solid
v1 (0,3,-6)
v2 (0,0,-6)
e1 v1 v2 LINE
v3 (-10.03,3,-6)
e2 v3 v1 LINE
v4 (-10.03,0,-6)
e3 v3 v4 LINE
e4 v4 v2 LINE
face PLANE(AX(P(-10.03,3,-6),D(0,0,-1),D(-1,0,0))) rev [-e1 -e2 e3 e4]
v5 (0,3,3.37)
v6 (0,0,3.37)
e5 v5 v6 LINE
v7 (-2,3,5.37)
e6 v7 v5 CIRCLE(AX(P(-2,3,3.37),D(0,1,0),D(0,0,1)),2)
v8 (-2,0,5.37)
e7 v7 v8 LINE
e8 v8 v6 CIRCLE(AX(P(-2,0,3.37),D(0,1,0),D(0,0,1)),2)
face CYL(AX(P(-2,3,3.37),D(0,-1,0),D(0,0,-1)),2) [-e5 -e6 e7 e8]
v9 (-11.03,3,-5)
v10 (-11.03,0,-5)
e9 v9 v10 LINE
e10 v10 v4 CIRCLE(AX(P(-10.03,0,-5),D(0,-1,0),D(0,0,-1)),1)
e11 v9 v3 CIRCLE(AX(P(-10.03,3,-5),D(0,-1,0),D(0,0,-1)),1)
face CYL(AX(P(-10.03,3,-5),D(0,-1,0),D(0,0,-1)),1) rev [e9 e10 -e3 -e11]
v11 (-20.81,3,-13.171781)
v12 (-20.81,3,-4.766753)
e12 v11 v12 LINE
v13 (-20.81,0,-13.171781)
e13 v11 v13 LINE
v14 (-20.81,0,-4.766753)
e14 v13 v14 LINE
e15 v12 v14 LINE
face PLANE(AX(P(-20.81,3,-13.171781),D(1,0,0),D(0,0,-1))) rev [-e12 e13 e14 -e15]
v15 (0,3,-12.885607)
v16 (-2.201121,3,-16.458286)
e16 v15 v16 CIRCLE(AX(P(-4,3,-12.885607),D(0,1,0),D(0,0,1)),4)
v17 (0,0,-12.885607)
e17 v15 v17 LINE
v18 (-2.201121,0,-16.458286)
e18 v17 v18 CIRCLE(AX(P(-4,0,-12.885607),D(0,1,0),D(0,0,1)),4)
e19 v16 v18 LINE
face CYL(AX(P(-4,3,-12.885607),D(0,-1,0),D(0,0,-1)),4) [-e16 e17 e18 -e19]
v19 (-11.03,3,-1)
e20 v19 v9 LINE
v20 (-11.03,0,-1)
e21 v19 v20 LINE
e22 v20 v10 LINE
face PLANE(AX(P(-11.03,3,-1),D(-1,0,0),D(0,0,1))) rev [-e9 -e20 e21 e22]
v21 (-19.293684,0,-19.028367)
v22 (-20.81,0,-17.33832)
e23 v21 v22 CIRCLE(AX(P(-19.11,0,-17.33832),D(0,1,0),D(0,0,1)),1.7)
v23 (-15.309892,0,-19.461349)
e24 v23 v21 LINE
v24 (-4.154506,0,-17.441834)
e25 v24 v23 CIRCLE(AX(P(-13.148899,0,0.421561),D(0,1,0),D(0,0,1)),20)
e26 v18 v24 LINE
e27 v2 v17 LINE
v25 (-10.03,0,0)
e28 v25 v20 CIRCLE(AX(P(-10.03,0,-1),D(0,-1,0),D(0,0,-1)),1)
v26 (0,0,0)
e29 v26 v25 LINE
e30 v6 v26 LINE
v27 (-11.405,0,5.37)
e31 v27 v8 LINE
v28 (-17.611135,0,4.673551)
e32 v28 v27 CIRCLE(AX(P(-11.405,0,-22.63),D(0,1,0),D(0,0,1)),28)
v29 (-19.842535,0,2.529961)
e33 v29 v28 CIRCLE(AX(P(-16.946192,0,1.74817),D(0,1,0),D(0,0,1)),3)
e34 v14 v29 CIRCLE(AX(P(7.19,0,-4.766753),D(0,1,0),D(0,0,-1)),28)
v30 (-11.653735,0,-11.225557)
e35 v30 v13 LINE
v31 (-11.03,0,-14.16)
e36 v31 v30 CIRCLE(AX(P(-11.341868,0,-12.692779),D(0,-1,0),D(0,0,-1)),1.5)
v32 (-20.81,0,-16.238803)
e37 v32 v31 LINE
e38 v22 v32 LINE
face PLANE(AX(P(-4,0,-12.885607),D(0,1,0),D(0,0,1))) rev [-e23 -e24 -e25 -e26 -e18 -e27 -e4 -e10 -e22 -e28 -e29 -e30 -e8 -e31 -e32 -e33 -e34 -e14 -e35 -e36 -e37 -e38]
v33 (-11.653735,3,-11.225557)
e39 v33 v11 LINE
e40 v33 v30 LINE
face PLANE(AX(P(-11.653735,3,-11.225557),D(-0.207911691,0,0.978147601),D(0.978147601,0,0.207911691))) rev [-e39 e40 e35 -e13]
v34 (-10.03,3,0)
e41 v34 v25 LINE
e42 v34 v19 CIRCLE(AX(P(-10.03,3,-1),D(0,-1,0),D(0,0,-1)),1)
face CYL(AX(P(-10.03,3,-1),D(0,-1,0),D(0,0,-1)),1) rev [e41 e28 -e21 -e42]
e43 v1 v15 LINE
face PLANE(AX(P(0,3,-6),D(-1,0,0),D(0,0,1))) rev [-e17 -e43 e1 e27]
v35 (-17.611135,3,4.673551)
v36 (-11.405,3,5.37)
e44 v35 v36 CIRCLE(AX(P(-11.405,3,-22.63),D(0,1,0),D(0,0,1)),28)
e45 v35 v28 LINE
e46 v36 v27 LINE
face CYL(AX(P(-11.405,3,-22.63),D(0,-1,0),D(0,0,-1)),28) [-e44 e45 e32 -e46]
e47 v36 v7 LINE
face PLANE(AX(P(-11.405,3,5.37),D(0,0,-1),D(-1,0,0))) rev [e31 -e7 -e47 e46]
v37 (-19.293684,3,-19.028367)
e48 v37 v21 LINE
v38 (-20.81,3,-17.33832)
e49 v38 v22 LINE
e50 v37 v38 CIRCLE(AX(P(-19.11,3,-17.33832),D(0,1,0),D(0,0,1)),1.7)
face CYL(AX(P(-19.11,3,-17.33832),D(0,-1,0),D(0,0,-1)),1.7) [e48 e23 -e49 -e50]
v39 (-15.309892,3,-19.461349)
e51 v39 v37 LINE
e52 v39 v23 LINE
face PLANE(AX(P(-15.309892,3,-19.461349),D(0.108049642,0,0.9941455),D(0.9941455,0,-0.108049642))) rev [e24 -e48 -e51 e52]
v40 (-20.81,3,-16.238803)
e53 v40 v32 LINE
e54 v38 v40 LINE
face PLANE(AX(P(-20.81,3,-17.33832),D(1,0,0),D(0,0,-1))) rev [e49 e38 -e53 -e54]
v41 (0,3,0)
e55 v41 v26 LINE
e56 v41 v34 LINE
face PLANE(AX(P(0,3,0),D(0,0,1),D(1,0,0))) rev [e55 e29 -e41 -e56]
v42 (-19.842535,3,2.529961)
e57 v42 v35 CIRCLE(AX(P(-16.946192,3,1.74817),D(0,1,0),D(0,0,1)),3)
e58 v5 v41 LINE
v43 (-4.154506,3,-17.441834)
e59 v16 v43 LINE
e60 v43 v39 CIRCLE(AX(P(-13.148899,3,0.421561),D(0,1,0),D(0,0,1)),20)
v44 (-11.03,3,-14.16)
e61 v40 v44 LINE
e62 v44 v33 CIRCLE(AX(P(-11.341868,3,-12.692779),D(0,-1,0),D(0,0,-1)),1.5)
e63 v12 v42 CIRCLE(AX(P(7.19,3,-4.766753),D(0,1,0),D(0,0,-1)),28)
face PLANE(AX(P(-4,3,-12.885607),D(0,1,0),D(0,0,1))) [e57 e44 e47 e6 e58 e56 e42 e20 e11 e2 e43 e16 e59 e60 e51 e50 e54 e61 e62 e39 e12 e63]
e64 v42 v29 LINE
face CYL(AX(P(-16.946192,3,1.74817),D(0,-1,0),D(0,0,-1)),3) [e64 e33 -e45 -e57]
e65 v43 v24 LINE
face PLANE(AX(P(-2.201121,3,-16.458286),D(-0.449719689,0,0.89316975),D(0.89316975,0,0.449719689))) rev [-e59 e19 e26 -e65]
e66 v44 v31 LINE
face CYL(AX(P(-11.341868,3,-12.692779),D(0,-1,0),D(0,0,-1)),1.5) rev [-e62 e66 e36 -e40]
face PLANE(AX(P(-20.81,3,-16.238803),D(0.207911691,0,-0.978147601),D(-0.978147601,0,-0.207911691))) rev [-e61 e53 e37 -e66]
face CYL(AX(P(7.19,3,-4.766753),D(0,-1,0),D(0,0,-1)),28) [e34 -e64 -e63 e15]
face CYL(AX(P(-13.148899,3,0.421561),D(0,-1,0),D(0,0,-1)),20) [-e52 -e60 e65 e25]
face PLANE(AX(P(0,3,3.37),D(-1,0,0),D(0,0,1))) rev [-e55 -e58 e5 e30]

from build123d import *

# Parameters (mm, degrees)
BOSS_EXTRUDE1_DEPTH = 3


with BuildPart() as part:
    # Sketch1 → Boss-Extrude1 (new body)
    with BuildSketch(Plane(origin=(0, 0, 0), x_dir=(1, 0, 0), z_dir=(0, 1, 0))):
        with BuildLine():
            Line((0, 6), (0, 12.885607037))
            ThreePointArc((0, 12.885607037), (-0.594451952, 14.983759198), (-2.201121246, 16.458286036))
            Line((-2.201121246, 16.458286036), (-4.154505591, 17.441834123))
            ThreePointArc((-4.154505591, 17.441834123), (-9.586112213, 19.258544509), (-15.309892207, 19.461349126))
            Line((-15.309892207, 19.461349126), (-19.293684392, 19.028366911))
            ThreePointArc((-19.293684392, 19.028366911), (-20.375358342, 18.473602904), (-20.81, 17.338319562))
            Line((-20.81, 17.338319562), (-20.81, 16.238803173))
            Line((-20.81, 16.238803173), (-11.03, 14.16))
            ThreePointArc((-11.03, 14.16), (-9.874646135, 12.380911063), (-11.653735072, 11.225557198))
            Line((-11.653735072, 11.225557198), (-20.81, 13.171781389))
            Line((-20.81, 13.171781389), (-20.81, 4.766752866))
            ThreePointArc((-20.81, 4.766752866), (-20.567080075, 1.086466776), (-19.842535307, -2.529961112))
            ThreePointArc((-19.842535307, -2.529961112), (-19.024517018, -3.911631932), (-17.611135307, -4.673550768))
            ThreePointArc((-17.611135307, -4.673550768), (-14.527545315, -5.195342958), (-11.405, -5.37))
            Line((-11.405, -5.37), (-2, -5.37))
            ThreePointArc((-2, -5.37), (-0.585786438, -4.784213562), (0, -3.37))
            Line((0, -3.37), (0, 0))
            Line((0, 0), (-10.03, 0))
            ThreePointArc((-10.03, 0), (-10.737106781, 0.292893219), (-11.03, 1))
            Line((-11.03, 1), (-11.03, 5))
            ThreePointArc((-11.03, 5), (-10.737106781, 5.707106781), (-10.03, 6))
            Line((-10.03, 6), (0, 6))
        make_face()
    extrude(amount=BOSS_EXTRUDE1_DEPTH)


solid = part.part
